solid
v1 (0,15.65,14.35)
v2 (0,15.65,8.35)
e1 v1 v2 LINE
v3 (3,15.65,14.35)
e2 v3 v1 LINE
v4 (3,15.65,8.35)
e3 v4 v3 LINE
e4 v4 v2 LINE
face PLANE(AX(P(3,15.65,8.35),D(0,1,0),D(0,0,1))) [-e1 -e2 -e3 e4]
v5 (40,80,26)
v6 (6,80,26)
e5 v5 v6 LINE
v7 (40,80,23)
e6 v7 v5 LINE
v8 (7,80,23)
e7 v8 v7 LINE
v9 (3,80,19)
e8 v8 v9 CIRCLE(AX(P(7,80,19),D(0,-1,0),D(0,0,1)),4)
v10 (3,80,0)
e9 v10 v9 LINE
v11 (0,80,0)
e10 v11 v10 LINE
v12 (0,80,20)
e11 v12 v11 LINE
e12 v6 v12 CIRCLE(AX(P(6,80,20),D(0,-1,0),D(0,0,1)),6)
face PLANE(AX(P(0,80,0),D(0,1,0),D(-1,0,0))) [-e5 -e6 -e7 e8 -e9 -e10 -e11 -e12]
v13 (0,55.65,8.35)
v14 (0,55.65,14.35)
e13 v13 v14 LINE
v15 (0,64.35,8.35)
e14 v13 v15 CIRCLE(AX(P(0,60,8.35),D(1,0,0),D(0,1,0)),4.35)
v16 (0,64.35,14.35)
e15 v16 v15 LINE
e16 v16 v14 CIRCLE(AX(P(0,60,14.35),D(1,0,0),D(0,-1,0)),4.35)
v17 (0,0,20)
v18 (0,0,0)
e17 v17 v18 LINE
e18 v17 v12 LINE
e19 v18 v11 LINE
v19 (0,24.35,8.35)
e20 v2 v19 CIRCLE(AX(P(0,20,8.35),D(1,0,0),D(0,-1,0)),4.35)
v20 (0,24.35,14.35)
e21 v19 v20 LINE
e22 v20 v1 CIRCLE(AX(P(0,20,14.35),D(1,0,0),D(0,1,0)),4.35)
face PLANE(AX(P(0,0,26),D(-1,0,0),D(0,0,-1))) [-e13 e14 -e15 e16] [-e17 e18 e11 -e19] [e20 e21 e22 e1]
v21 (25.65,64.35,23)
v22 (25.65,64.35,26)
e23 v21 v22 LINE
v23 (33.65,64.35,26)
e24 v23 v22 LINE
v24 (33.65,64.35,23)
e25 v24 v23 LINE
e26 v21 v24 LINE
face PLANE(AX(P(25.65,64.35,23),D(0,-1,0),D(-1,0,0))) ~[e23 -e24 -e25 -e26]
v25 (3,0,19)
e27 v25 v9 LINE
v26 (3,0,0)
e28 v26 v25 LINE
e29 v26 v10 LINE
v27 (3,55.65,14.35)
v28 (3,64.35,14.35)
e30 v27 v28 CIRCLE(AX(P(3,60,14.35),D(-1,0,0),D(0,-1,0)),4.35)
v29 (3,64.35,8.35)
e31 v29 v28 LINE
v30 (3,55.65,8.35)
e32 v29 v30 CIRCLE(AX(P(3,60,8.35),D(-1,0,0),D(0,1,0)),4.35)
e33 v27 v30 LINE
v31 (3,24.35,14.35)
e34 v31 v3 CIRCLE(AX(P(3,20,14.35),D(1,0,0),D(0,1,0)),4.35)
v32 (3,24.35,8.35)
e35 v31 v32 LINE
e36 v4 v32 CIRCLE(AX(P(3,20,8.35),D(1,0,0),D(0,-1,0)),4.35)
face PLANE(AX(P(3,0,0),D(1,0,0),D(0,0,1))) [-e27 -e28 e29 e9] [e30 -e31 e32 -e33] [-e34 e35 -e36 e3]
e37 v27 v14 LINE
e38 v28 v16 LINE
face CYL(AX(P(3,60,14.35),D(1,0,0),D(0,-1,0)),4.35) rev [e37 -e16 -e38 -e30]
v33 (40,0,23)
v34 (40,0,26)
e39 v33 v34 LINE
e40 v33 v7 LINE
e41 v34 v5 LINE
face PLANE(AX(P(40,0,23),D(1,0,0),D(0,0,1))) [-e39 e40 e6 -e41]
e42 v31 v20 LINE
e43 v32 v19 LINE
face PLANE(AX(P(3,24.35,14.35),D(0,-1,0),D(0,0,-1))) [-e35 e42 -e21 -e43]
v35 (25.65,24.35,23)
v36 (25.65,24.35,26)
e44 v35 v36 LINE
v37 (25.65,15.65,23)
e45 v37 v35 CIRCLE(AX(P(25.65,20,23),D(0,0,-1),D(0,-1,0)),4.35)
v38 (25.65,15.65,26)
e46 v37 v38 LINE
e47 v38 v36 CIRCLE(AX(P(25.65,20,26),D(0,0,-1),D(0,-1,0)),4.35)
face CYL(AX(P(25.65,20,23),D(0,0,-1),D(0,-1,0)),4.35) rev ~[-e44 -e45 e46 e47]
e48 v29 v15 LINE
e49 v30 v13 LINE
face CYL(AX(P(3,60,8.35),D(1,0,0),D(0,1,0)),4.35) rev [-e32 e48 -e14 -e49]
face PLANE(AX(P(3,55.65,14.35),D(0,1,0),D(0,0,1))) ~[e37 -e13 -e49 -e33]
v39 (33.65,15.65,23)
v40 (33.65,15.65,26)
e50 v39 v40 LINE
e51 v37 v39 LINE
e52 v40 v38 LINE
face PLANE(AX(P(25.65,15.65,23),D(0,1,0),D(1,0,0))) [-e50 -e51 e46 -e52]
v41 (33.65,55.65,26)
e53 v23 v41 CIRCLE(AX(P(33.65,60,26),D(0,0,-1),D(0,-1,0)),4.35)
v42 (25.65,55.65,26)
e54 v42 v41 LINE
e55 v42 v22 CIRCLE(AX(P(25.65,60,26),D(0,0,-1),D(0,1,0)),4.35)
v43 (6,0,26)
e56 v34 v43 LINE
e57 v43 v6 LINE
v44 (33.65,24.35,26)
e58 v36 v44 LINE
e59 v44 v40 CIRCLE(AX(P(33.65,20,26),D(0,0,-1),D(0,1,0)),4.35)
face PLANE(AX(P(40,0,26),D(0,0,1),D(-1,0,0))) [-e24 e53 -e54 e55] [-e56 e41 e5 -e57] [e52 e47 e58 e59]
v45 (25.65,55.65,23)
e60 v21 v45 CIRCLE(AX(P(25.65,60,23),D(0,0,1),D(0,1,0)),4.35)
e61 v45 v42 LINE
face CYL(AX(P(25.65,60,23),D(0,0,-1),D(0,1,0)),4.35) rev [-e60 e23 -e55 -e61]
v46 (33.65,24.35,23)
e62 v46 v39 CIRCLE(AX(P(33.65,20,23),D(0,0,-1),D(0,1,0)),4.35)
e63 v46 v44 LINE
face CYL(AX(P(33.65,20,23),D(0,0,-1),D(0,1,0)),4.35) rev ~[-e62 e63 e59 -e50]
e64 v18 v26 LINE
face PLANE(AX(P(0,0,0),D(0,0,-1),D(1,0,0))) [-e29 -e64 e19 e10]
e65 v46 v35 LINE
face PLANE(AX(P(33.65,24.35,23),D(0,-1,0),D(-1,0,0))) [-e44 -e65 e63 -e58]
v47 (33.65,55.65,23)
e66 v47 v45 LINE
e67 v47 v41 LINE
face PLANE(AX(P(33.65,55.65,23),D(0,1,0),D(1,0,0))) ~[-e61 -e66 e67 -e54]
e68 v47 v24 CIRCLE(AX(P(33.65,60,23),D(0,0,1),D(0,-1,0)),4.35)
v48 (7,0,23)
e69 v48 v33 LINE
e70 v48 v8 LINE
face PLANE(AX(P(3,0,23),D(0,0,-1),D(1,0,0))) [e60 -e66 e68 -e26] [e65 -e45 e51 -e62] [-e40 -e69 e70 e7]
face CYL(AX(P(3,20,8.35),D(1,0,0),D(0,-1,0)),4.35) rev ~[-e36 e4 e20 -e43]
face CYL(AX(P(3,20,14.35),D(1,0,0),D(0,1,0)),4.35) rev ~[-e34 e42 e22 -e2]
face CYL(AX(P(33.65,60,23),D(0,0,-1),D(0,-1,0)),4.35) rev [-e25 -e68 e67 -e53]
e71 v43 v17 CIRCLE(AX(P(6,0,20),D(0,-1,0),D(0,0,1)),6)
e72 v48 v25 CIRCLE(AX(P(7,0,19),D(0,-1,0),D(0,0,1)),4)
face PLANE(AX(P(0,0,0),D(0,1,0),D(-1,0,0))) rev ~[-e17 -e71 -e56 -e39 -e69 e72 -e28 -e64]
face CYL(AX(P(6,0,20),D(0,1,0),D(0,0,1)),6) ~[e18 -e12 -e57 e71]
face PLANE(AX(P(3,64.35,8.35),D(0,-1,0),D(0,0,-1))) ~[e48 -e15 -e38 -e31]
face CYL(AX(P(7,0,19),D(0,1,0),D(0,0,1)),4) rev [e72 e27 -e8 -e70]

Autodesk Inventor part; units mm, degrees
sketch "Skizze1" plane through (0, 0, 0) normal (0, 1, 0) x (-1, 0, 0)
  line L0 (0, 0) -> (-3, 0)
  line L1 (-3, 0) -> (-3, 23)
  line L2 (-3, 23) -> (-40, 23)
  line L3 (-40, 23) -> (-40, 26)
  line L4 (-40, 26) -> (0, 26)
  line L5 (0, 26) -> (0, 0)
  line L6 (0, -5.2) -> (0, 31.2) projected
  line L7 (8, 0) -> (-48, 0) projected
  point P0 (0, 0)
  dimension "d0" = 3
  dimension "d1" = 3
  dimension "d2" = 40
  dimension "d3" = 26
extrude "Extrusion1" add sketch "Skizze1" along normal blind 80
fillet "Rundung1" radius 6 1 edges at (0, 40, 26)
fillet "Rundung2" radius 4 1 edges at (3, 40, 23)
sketch "Skizze2" plane through (3, 0, 0) normal (1, 0, 0) x (0, 0, -1)
  arc A0 (-14.35, 24.35) -> (-14.35, 15.65) centre (-14.35, 20) ccw
  arc A1 (-8.35, 15.65) -> (-8.35, 24.35) centre (-8.35, 20) ccw
  line L0 (-14.35, 24.35) -> (-8.35, 24.35)
  line L1 (-8.35, 15.65) -> (-14.35, 15.65)
  line L2 (-31.2, 0) -> (5.2, 0) projected
  line L3 (0, 0) -> (0, 80) projected
  point P0 (-4, 20)
  dimension "d17" = 8.7
  dimension "d18" = 6
  dimension "d19" = 20
  dimension "d20" = 8.7
  dimension "d21" = 4
extrude "Extrusion2" cut sketch "Skizze2" against normal through all
ref_plane "Arbeitsebene1" through (0, 40, 0) normal (0, 1, 0) x (-1, 0, 0)
mirror "Spiegeln1" about plane through (0, 40, 0) normal (0, 1, 0) of "Extrusion2"
sketch "Skizze3" plane through (40, 0, 23) normal (0, 0, -1) x (-1, 0, 0)
  arc A0 (6.35, 24.35) -> (6.35, 15.65) centre (6.35, 20) ccw
  arc A1 (14.35, 15.65) -> (14.35, 24.35) centre (14.35, 20) ccw
  line L0 (6.35, 24.35) -> (14.35, 24.35)
  line L1 (14.35, 15.65) -> (6.35, 15.65)
  line L2 (48, 0) -> (-8, 0) projected
  line L3 (0, 0) -> (0, 80) projected
  point P0 (40, 0)
  point P1 (2, 20)
  dimension "d23" = 8.7
  dimension "d24" = 8
  dimension "d25" = 20
  dimension "d26" = 2
extrude "Extrusion3" cut sketch "Skizze3" against normal blind 10
mirror "Spiegeln2" about plane through (0, 40, 0) normal (0, 1, 0) of "Extrusion3"
ref_plane "Arbeitsebene2" through (3, 20, 8.35) normal (0, -1, 0) x (1, 0, 0)
ref_plane "Arbeitsebene3" through (0, 60, 8.35) normal (0, -1, 0) x (1, 0, 0)
ref_plane "Arbeitsebene4" through (3, 0, 11.35) normal (0, 0, -1) x (-1, 0, 0)
ref_plane "Arbeitsebene5" through (0, 20, 0) normal (0, -1, 0) x (1, 0, 0)
ref_plane "Arbeitsebene6" through (0, 60, 0) normal (0, 1, 0) x (1, 0, 0)
ref_plane "Arbeitsebene7" through (29.65, 0, 26) normal (1, 0, 0) x (0, 0, -1)
equation "\"Biegeradius\" = Stärke"
equation "\"BreiteBiegungsfreistellung\" = Stärke"
equation "\"TiefeBiegungsfreistellung\" = 0.5 * Stärke"
equation "\"GrößeEckenfreistellung\" = 4 * Stärke"
equation "\"MinimalRest\" = 2 * Stärke"
equation "\"Übergangsradius\" = Biegeradius"
equation "\"JacobiRadiusGröße\" = Biegeradius"
equation "\"Abstandsgröße\" = Stärke"
equation "\"Stärke\" = 0.5"
properties part number "Winkelblech"
